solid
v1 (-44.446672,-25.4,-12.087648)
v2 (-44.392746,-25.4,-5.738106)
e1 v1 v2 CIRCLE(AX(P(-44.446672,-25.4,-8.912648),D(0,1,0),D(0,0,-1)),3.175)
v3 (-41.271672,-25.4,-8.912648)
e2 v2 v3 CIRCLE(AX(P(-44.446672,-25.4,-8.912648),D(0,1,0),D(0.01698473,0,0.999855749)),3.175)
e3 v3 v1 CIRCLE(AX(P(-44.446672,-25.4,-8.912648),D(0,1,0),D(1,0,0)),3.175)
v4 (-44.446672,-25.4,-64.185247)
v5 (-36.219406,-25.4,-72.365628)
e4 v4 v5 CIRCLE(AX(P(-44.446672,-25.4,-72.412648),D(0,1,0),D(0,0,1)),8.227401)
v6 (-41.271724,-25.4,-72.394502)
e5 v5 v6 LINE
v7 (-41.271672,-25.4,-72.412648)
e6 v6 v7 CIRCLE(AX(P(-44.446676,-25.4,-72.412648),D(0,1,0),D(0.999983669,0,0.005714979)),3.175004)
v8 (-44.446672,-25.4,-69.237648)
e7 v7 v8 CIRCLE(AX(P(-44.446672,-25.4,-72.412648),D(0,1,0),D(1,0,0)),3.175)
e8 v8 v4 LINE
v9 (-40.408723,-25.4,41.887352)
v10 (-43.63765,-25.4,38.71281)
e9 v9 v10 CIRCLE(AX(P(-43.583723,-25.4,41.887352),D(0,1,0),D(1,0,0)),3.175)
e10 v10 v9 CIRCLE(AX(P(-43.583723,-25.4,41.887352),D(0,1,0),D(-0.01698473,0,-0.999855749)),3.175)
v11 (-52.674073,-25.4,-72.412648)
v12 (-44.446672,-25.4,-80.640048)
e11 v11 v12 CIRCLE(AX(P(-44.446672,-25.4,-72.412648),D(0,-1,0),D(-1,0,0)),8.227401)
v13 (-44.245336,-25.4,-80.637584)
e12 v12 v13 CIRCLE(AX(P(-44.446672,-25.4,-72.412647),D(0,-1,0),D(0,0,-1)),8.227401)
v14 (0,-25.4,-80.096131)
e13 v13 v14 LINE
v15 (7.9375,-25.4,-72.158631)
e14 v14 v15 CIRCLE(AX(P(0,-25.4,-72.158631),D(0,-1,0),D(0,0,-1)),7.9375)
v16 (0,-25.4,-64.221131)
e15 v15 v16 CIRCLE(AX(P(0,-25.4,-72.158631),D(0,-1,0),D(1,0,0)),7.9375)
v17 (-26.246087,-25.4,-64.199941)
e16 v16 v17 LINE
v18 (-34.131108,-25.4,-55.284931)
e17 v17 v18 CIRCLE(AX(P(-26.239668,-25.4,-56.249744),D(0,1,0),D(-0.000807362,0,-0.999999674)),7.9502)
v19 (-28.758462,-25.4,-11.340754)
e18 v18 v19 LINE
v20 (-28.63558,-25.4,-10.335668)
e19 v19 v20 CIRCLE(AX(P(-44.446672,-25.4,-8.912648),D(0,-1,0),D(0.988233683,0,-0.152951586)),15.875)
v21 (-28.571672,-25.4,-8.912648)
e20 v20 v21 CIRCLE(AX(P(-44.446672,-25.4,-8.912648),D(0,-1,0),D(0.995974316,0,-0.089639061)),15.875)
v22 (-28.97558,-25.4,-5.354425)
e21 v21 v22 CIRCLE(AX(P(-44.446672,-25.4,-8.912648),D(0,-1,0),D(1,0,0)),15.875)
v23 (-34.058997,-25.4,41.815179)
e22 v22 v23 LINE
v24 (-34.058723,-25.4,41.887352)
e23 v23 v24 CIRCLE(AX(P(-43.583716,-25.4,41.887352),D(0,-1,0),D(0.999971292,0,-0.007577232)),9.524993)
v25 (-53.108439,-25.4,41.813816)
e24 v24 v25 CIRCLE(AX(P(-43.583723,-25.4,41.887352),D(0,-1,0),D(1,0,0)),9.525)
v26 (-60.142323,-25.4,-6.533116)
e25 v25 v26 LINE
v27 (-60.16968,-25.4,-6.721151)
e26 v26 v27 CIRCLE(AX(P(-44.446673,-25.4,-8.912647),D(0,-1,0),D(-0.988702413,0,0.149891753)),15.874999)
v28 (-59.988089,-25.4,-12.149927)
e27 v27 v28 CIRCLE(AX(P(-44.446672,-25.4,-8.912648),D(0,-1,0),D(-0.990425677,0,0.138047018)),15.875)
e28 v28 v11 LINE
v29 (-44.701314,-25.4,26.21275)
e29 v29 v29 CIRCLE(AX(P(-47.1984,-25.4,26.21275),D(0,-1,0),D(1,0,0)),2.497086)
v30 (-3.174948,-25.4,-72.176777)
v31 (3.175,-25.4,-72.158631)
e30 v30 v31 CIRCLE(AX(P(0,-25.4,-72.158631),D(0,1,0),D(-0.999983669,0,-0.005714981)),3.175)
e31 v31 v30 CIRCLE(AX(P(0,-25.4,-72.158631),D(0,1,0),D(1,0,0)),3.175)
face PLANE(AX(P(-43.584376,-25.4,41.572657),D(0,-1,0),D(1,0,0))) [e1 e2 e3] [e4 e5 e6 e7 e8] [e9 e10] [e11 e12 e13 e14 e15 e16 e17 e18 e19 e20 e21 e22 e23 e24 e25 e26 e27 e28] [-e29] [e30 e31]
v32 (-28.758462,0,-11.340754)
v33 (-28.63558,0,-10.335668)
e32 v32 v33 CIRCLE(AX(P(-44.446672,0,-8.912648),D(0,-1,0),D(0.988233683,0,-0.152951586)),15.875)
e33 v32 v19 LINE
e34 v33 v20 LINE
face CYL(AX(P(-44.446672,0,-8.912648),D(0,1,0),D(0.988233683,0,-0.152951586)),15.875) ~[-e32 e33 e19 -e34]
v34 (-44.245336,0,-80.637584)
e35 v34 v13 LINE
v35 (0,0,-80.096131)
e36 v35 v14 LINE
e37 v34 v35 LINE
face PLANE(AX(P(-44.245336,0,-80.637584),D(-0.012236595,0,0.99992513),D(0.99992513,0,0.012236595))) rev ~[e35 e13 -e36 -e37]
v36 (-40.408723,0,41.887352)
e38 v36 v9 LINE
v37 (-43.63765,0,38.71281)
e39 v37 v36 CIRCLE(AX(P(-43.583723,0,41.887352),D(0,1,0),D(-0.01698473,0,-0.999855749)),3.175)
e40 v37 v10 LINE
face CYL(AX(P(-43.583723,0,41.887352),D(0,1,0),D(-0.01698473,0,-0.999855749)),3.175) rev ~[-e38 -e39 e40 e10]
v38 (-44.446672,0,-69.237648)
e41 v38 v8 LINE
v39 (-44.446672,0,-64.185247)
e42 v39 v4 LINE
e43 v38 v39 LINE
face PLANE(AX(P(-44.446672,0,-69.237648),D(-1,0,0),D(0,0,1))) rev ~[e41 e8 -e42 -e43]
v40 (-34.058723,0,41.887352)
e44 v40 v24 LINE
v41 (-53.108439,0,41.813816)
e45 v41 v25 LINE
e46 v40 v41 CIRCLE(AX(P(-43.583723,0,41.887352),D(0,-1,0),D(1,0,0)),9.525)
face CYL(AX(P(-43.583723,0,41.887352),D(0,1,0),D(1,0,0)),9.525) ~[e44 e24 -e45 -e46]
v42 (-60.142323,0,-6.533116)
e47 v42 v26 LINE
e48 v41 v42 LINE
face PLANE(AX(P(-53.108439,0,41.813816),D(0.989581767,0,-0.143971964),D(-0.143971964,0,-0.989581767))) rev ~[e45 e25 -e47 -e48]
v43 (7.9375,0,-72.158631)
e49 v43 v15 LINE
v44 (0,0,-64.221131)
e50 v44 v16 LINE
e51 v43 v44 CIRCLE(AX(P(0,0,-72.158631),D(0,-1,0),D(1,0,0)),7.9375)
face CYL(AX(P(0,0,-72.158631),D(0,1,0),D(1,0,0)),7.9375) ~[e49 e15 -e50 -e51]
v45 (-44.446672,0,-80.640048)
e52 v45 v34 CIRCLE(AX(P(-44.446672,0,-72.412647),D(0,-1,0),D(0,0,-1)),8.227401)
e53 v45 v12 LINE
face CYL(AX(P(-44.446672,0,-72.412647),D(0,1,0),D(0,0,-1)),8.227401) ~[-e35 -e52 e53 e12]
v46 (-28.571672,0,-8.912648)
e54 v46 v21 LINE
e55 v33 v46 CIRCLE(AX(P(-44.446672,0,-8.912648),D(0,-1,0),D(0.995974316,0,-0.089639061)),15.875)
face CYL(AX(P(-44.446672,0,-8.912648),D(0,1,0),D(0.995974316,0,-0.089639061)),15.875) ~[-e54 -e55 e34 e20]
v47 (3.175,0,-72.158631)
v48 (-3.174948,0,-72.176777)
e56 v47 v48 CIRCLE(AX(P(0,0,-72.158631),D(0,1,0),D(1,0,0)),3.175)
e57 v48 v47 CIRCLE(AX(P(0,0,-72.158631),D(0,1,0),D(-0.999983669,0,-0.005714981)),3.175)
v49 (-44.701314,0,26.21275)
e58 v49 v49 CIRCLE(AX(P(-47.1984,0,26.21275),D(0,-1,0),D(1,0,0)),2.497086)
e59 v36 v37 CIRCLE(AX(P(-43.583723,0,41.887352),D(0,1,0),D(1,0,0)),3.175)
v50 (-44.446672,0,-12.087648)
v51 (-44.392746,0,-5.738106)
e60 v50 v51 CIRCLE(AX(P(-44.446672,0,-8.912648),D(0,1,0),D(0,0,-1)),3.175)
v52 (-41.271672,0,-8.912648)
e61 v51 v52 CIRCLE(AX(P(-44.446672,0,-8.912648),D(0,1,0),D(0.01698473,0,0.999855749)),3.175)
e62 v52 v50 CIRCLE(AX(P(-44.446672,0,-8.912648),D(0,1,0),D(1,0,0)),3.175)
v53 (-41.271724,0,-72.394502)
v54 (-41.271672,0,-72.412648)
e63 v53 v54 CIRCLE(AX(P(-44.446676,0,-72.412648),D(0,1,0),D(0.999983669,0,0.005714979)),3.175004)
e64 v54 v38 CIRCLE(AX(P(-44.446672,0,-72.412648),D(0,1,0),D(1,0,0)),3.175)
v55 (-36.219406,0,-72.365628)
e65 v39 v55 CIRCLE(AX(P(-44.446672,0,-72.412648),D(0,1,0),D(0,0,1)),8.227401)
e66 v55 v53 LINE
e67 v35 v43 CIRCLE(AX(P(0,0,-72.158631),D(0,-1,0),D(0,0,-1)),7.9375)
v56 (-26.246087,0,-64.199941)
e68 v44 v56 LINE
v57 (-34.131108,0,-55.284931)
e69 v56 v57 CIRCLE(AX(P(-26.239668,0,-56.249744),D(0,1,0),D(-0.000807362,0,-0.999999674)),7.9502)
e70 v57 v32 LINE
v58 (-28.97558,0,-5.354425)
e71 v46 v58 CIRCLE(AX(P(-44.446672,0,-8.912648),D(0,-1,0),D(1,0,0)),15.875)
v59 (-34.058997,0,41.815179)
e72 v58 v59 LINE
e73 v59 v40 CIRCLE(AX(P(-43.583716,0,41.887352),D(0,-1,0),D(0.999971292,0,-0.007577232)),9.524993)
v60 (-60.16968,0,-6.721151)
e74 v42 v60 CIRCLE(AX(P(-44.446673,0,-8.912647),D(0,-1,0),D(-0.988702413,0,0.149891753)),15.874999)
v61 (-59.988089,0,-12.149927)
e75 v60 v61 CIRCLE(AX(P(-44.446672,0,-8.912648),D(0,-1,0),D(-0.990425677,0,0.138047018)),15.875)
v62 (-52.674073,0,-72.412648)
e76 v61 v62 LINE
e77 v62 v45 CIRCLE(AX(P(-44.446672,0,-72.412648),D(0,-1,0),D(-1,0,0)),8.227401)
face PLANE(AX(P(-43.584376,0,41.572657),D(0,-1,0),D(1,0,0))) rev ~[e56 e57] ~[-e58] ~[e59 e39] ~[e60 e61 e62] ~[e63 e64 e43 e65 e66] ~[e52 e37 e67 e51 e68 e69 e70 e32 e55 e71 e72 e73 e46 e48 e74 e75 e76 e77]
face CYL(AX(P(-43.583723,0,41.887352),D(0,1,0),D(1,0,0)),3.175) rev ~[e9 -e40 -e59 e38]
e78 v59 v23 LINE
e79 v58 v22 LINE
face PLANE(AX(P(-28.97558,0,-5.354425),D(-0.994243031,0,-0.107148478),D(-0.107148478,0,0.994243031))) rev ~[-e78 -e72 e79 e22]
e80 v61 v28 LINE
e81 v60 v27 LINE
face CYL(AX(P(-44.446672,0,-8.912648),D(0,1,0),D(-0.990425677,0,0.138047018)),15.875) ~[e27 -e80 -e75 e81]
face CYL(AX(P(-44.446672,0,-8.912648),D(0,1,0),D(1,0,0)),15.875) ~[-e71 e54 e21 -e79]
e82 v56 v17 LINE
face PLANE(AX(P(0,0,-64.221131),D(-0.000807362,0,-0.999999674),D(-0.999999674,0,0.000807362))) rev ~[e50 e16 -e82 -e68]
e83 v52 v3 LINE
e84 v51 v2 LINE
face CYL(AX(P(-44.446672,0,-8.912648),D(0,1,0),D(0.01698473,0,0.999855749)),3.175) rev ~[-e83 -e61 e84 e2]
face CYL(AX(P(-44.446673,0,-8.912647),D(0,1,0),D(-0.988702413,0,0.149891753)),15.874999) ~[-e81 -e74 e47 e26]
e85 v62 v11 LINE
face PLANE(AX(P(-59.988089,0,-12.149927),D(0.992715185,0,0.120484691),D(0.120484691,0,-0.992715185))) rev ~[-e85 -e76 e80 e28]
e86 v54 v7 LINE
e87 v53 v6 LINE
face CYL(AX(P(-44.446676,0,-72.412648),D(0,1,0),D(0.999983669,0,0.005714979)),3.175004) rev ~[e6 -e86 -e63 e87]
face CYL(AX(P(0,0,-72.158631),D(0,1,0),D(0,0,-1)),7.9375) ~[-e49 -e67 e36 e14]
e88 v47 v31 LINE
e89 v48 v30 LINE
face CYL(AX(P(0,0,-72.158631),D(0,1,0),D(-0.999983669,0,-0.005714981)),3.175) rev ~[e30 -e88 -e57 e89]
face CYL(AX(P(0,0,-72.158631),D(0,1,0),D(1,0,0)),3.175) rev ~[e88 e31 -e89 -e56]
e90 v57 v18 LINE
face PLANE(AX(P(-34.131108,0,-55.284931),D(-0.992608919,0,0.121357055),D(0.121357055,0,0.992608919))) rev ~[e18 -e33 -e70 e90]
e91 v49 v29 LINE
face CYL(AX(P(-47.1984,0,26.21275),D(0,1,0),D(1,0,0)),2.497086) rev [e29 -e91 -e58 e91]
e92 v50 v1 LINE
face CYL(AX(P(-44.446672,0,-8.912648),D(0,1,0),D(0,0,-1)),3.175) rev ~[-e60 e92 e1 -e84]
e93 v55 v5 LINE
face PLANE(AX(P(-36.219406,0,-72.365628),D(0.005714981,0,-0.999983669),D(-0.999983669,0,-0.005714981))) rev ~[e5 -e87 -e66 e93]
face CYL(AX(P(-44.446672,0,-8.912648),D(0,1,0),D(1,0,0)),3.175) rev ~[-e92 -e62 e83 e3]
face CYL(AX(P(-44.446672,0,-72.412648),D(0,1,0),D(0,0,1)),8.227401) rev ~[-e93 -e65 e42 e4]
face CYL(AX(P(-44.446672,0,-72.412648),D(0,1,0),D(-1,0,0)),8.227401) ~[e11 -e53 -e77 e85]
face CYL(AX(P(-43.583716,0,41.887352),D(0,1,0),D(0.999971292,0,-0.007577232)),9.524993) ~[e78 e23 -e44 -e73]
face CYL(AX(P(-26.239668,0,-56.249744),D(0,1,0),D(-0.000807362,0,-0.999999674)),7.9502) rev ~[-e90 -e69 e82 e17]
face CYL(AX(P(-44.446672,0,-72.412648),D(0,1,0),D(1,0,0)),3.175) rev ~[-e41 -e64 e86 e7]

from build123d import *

# Parameters (mm, degrees)
F0_R     = 2.4970860884
F1_DEPTH = 25.4


with BuildPart() as f1:
    # F0 (on Front) → F1 (new body)
    with BuildSketch(Plane.XZ):
        with BuildLine():
            ThreePointArc((-34.058996731, 41.8151793819), (-34.0587916512, 41.8512656744), (-34.058723291, 41.8873524848))
            ThreePointArc((-34.058723291, 41.8873524848), (-43.6204916456, 51.412281518), (-53.108439425, 41.8138163235))
            ThreePointArc((-53.108439425, 41.8138163235), (-50.3500442403, 35.1834337942), (-43.7455028396, 32.3637264748))
            ThreePointArc((-43.7455028396, 32.3637264748), (-36.931754808, 35.0699526651), (-34.058996731, 41.8151793819))
        make_face()
        with BuildLine():
            ThreePointArc((-40.408723291, 41.8873524848), (-41.3578068156, 39.6233028289), (-43.6376498072, 38.7128104815))
            ThreePointArc((-43.6376498072, 38.7128104815), (-45.8096397664, 44.1514021407), (-40.408723291, 41.8873524848))
        make_face(mode=Mode.SUBTRACT)
        with BuildLine():
            ThreePointArc((-43.7455028396, 32.3637264748), (-50.3500442403, 35.1834337942), (-53.108439425, 41.8138163235))
            Line((-53.108439425, 41.8138163235), (-60.1423228458, -6.5331159404))
            ThreePointArc((-60.1423228458, -6.5331159404), (-54.6939631735, 3.2120648216), (-44.1770394505, 6.9600625014))
            Line((-44.1770394505, 6.9600625014), (-43.7455028396, 32.3637264748))
        make_face()
        with Locations((-47.1983999014, 26.2127500027)):
            Circle(F0_R, mode=Mode.SUBTRACT)
        with BuildLine():
            Line((-28.9755803483, -5.3544250476), (-34.058996731, 41.8151793819))
            ThreePointArc((-34.058996731, 41.8151793819), (-36.931754808, 35.0699526651), (-43.7455028396, 32.3637264748))
            Line((-43.7455028396, 32.3637264748), (-44.1770394505, 6.9600625014))
            ThreePointArc((-44.1770394505, 6.9600625014), (-34.4539621393, 3.4227233349), (-28.9755803483, -5.3544250476))
        make_face()
        with BuildLine():
            Line((-60.1696796465, -6.7211510996), (-60.1423228458, -6.5331159404))
            ThreePointArc((-60.1423228458, -6.5331159404), (-60.156282583, -6.6270925889), (-60.1696796465, -6.7211510996))
        make_face()
        with BuildLine():
            ThreePointArc((-44.1770394505, 6.9600625014), (-54.6939631735, 3.2120648216), (-60.1423228458, -6.5331159404))
            Line((-60.1423228458, -6.5331159404), (-60.1696796465, -6.7211510996))
            ThreePointArc((-60.1696796465, -6.7211510996), (-60.3127983863, -9.4433635349), (-59.9880891038, -12.149927297))
            ThreePointArc((-59.9880891038, -12.149927297), (-54.4622551015, -21.2294539506), (-44.4466720315, -24.7876475152))
            Line((-44.4466720315, -24.7876475152), (-44.4466720315, -12.0876475152))
            ThreePointArc((-44.4466720315, -12.0876475152), (-47.6215575303, -8.8856832847), (-44.3927455153, -5.7381055119))
            Line((-44.3927455153, -5.7381055119), (-44.1770394505, 6.9600625014))
        make_face()
        with BuildLine():
            ThreePointArc((-28.5716720315, -8.9126475152), (-28.6729723153, -7.1221106504), (-28.9755803483, -5.3544250476))
            ThreePointArc((-28.9755803483, -5.3544250476), (-34.4539621393, 3.4227233349), (-44.1770394505, 6.9600625014))
            Line((-44.1770394505, 6.9600625014), (-44.3927455153, -5.7381055119))
            ThreePointArc((-44.3927455153, -5.7381055119), (-42.1826223756, -6.6867310398), (-41.2716720315, -8.9126475152))
            ThreePointArc((-41.2716720315, -8.9126475152), (-42.2016080012, -11.1577115455), (-44.4466720315, -12.0876475152))
            Line((-44.4466720315, -12.0876475152), (-44.4466720315, -24.7876475152))
            ThreePointArc((-44.4466720315, -24.7876475152), (-34.115422457, -20.9659004882), (-28.7584623121, -11.3407539379))
            Line((-28.7584623121, -11.3407539379), (-28.6355797608, -10.3356676158))
            ThreePointArc((-28.6355797608, -10.3356676158), (-28.5876570117, -9.6248747269), (-28.5716720315, -8.9126475152))
        make_face()
        with BuildLine():
            ThreePointArc((-44.4466720315, -24.7876475152), (-54.4622551015, -21.2294539506), (-59.9880891038, -12.149927297))
            Line((-59.9880891038, -12.149927297), (-52.6740726434, -72.4126475152))
            ThreePointArc((-52.6740726434, -72.4126475152), (-50.2643227957, -66.594996751), (-44.4466720315, -64.1852469033))
            Line((-44.4466720315, -64.1852469033), (-44.4466720315, -24.7876475152))
        make_face()
        with BuildLine():
            ThreePointArc((-28.7584623121, -11.3407539379), (-28.68900545, -10.839190768), (-28.6355797608, -10.3356676158))
            Line((-28.6355797608, -10.3356676158), (-28.7584623121, -11.3407539379))
        make_face()
        with BuildLine():
            ThreePointArc((-28.7584623121, -11.3407539379), (-34.115422457, -20.9659004882), (-44.4466720315, -24.7876475152))
            Line((-44.4466720315, -24.7876475152), (-44.4466720315, -64.1852469033))
            ThreePointArc((-44.4466720315, -64.1852469033), (-38.6456689688, -66.5783965525), (-36.2194057783, -72.3656280761))
            Line((-36.2194057783, -72.3656280761), (-7.9373703756, -72.2039941384))
            ThreePointArc((-7.9373703756, -72.2039941384), (-5.6286753497, -66.5620325034), (0, -64.2211314758))
            Line((0, -64.2211314758), (-26.2460871779, -64.1999413714))
            ThreePointArc((-26.2460871779, -64.1999413714), (-32.1947833248, -61.5168387322), (-34.1311079114, -55.2849311015))
            Line((-34.1311079114, -55.2849311015), (-28.7584623121, -11.3407539379))
        make_face()
        with BuildLine():
            ThreePointArc((-44.4466720315, -64.1852469033), (-50.2643227957, -66.594996751), (-52.6740726434, -72.4126475152))
            ThreePointArc((-52.6740726434, -72.4126475152), (-50.2643227957, -78.2302982795), (-44.4466720315, -80.6400481271))
            Line((-44.4466720315, -80.6400481271), (-44.2453363669, -80.6375842797))
            ThreePointArc((-44.2453363669, -80.6375842797), (-38.5582685977, -78.1586744756), (-36.2192714196, -72.4126475152))
            ThreePointArc((-36.2192714196, -72.4126475152), (-36.2193050093, -72.3891376997), (-36.2194057783, -72.3656280761))
            Line((-36.2194057783, -72.3656280761), (-41.2717238813, -72.3945024502))
            ThreePointArc((-41.2717238813, -72.3945024502), (-41.271684994, -72.4035749457), (-41.2716720315, -72.4126475152))
            ThreePointArc((-41.2716720315, -72.4126475152), (-46.6917360618, -74.6577115455), (-44.4466720315, -69.2376475152))
            Line((-44.4466720315, -69.2376475152), (-44.4466720315, -64.1852469033))
        make_face()
        with BuildLine():
            Line((-44.2453363669, -80.6375842797), (-44.4466720315, -80.6400481271))
            ThreePointArc((-44.4466720315, -80.6400481271), (-44.3459966616, -80.6394321422), (-44.2453363669, -80.6375842797))
        make_face()
        with BuildLine():
            Line((-7.9373703756, -72.2039941384), (-36.2194057783, -72.3656280761))
            ThreePointArc((-36.2194057783, -72.3656280761), (-36.2193050093, -72.3891376997), (-36.2192714196, -72.4126475152))
            ThreePointArc((-36.2192714196, -72.4126475152), (-38.5582685977, -78.1586744756), (-44.2453363669, -80.6375842797))
            Line((-44.2453363669, -80.6375842797), (0, -80.0961314758))
            ThreePointArc((0, -80.0961314758), (-5.5965989724, -77.7873068255), (-7.9373703756, -72.2039941384))
        make_face()
        with BuildLine():
            ThreePointArc((0, -64.2211314758), (-5.6286753497, -66.5620325034), (-7.9373703756, -72.2039941384))
            ThreePointArc((-7.9373703756, -72.2039941384), (-5.5965989724, -77.7873068255), (0, -80.0961314758))
            ThreePointArc((0, -80.0961314758), (5.6126600757, -77.7712915515), (7.9375, -72.1586314758))
            ThreePointArc((7.9375, -72.1586314758), (5.6126600757, -66.5459714001), (0, -64.2211314758))
        make_face()
        with BuildLine():
            ThreePointArc((3.175, -72.1586314758), (0.0090725696, -75.3336185133), (-3.1749481502, -72.1767765408))
            ThreePointArc((-3.1749481502, -72.1767765408), (-0.0090725696, -68.9836444383), (3.175, -72.1586314758))
        make_face(mode=Mode.SUBTRACT)
    extrude(amount=F1_DEPTH)


solid = f1.part
